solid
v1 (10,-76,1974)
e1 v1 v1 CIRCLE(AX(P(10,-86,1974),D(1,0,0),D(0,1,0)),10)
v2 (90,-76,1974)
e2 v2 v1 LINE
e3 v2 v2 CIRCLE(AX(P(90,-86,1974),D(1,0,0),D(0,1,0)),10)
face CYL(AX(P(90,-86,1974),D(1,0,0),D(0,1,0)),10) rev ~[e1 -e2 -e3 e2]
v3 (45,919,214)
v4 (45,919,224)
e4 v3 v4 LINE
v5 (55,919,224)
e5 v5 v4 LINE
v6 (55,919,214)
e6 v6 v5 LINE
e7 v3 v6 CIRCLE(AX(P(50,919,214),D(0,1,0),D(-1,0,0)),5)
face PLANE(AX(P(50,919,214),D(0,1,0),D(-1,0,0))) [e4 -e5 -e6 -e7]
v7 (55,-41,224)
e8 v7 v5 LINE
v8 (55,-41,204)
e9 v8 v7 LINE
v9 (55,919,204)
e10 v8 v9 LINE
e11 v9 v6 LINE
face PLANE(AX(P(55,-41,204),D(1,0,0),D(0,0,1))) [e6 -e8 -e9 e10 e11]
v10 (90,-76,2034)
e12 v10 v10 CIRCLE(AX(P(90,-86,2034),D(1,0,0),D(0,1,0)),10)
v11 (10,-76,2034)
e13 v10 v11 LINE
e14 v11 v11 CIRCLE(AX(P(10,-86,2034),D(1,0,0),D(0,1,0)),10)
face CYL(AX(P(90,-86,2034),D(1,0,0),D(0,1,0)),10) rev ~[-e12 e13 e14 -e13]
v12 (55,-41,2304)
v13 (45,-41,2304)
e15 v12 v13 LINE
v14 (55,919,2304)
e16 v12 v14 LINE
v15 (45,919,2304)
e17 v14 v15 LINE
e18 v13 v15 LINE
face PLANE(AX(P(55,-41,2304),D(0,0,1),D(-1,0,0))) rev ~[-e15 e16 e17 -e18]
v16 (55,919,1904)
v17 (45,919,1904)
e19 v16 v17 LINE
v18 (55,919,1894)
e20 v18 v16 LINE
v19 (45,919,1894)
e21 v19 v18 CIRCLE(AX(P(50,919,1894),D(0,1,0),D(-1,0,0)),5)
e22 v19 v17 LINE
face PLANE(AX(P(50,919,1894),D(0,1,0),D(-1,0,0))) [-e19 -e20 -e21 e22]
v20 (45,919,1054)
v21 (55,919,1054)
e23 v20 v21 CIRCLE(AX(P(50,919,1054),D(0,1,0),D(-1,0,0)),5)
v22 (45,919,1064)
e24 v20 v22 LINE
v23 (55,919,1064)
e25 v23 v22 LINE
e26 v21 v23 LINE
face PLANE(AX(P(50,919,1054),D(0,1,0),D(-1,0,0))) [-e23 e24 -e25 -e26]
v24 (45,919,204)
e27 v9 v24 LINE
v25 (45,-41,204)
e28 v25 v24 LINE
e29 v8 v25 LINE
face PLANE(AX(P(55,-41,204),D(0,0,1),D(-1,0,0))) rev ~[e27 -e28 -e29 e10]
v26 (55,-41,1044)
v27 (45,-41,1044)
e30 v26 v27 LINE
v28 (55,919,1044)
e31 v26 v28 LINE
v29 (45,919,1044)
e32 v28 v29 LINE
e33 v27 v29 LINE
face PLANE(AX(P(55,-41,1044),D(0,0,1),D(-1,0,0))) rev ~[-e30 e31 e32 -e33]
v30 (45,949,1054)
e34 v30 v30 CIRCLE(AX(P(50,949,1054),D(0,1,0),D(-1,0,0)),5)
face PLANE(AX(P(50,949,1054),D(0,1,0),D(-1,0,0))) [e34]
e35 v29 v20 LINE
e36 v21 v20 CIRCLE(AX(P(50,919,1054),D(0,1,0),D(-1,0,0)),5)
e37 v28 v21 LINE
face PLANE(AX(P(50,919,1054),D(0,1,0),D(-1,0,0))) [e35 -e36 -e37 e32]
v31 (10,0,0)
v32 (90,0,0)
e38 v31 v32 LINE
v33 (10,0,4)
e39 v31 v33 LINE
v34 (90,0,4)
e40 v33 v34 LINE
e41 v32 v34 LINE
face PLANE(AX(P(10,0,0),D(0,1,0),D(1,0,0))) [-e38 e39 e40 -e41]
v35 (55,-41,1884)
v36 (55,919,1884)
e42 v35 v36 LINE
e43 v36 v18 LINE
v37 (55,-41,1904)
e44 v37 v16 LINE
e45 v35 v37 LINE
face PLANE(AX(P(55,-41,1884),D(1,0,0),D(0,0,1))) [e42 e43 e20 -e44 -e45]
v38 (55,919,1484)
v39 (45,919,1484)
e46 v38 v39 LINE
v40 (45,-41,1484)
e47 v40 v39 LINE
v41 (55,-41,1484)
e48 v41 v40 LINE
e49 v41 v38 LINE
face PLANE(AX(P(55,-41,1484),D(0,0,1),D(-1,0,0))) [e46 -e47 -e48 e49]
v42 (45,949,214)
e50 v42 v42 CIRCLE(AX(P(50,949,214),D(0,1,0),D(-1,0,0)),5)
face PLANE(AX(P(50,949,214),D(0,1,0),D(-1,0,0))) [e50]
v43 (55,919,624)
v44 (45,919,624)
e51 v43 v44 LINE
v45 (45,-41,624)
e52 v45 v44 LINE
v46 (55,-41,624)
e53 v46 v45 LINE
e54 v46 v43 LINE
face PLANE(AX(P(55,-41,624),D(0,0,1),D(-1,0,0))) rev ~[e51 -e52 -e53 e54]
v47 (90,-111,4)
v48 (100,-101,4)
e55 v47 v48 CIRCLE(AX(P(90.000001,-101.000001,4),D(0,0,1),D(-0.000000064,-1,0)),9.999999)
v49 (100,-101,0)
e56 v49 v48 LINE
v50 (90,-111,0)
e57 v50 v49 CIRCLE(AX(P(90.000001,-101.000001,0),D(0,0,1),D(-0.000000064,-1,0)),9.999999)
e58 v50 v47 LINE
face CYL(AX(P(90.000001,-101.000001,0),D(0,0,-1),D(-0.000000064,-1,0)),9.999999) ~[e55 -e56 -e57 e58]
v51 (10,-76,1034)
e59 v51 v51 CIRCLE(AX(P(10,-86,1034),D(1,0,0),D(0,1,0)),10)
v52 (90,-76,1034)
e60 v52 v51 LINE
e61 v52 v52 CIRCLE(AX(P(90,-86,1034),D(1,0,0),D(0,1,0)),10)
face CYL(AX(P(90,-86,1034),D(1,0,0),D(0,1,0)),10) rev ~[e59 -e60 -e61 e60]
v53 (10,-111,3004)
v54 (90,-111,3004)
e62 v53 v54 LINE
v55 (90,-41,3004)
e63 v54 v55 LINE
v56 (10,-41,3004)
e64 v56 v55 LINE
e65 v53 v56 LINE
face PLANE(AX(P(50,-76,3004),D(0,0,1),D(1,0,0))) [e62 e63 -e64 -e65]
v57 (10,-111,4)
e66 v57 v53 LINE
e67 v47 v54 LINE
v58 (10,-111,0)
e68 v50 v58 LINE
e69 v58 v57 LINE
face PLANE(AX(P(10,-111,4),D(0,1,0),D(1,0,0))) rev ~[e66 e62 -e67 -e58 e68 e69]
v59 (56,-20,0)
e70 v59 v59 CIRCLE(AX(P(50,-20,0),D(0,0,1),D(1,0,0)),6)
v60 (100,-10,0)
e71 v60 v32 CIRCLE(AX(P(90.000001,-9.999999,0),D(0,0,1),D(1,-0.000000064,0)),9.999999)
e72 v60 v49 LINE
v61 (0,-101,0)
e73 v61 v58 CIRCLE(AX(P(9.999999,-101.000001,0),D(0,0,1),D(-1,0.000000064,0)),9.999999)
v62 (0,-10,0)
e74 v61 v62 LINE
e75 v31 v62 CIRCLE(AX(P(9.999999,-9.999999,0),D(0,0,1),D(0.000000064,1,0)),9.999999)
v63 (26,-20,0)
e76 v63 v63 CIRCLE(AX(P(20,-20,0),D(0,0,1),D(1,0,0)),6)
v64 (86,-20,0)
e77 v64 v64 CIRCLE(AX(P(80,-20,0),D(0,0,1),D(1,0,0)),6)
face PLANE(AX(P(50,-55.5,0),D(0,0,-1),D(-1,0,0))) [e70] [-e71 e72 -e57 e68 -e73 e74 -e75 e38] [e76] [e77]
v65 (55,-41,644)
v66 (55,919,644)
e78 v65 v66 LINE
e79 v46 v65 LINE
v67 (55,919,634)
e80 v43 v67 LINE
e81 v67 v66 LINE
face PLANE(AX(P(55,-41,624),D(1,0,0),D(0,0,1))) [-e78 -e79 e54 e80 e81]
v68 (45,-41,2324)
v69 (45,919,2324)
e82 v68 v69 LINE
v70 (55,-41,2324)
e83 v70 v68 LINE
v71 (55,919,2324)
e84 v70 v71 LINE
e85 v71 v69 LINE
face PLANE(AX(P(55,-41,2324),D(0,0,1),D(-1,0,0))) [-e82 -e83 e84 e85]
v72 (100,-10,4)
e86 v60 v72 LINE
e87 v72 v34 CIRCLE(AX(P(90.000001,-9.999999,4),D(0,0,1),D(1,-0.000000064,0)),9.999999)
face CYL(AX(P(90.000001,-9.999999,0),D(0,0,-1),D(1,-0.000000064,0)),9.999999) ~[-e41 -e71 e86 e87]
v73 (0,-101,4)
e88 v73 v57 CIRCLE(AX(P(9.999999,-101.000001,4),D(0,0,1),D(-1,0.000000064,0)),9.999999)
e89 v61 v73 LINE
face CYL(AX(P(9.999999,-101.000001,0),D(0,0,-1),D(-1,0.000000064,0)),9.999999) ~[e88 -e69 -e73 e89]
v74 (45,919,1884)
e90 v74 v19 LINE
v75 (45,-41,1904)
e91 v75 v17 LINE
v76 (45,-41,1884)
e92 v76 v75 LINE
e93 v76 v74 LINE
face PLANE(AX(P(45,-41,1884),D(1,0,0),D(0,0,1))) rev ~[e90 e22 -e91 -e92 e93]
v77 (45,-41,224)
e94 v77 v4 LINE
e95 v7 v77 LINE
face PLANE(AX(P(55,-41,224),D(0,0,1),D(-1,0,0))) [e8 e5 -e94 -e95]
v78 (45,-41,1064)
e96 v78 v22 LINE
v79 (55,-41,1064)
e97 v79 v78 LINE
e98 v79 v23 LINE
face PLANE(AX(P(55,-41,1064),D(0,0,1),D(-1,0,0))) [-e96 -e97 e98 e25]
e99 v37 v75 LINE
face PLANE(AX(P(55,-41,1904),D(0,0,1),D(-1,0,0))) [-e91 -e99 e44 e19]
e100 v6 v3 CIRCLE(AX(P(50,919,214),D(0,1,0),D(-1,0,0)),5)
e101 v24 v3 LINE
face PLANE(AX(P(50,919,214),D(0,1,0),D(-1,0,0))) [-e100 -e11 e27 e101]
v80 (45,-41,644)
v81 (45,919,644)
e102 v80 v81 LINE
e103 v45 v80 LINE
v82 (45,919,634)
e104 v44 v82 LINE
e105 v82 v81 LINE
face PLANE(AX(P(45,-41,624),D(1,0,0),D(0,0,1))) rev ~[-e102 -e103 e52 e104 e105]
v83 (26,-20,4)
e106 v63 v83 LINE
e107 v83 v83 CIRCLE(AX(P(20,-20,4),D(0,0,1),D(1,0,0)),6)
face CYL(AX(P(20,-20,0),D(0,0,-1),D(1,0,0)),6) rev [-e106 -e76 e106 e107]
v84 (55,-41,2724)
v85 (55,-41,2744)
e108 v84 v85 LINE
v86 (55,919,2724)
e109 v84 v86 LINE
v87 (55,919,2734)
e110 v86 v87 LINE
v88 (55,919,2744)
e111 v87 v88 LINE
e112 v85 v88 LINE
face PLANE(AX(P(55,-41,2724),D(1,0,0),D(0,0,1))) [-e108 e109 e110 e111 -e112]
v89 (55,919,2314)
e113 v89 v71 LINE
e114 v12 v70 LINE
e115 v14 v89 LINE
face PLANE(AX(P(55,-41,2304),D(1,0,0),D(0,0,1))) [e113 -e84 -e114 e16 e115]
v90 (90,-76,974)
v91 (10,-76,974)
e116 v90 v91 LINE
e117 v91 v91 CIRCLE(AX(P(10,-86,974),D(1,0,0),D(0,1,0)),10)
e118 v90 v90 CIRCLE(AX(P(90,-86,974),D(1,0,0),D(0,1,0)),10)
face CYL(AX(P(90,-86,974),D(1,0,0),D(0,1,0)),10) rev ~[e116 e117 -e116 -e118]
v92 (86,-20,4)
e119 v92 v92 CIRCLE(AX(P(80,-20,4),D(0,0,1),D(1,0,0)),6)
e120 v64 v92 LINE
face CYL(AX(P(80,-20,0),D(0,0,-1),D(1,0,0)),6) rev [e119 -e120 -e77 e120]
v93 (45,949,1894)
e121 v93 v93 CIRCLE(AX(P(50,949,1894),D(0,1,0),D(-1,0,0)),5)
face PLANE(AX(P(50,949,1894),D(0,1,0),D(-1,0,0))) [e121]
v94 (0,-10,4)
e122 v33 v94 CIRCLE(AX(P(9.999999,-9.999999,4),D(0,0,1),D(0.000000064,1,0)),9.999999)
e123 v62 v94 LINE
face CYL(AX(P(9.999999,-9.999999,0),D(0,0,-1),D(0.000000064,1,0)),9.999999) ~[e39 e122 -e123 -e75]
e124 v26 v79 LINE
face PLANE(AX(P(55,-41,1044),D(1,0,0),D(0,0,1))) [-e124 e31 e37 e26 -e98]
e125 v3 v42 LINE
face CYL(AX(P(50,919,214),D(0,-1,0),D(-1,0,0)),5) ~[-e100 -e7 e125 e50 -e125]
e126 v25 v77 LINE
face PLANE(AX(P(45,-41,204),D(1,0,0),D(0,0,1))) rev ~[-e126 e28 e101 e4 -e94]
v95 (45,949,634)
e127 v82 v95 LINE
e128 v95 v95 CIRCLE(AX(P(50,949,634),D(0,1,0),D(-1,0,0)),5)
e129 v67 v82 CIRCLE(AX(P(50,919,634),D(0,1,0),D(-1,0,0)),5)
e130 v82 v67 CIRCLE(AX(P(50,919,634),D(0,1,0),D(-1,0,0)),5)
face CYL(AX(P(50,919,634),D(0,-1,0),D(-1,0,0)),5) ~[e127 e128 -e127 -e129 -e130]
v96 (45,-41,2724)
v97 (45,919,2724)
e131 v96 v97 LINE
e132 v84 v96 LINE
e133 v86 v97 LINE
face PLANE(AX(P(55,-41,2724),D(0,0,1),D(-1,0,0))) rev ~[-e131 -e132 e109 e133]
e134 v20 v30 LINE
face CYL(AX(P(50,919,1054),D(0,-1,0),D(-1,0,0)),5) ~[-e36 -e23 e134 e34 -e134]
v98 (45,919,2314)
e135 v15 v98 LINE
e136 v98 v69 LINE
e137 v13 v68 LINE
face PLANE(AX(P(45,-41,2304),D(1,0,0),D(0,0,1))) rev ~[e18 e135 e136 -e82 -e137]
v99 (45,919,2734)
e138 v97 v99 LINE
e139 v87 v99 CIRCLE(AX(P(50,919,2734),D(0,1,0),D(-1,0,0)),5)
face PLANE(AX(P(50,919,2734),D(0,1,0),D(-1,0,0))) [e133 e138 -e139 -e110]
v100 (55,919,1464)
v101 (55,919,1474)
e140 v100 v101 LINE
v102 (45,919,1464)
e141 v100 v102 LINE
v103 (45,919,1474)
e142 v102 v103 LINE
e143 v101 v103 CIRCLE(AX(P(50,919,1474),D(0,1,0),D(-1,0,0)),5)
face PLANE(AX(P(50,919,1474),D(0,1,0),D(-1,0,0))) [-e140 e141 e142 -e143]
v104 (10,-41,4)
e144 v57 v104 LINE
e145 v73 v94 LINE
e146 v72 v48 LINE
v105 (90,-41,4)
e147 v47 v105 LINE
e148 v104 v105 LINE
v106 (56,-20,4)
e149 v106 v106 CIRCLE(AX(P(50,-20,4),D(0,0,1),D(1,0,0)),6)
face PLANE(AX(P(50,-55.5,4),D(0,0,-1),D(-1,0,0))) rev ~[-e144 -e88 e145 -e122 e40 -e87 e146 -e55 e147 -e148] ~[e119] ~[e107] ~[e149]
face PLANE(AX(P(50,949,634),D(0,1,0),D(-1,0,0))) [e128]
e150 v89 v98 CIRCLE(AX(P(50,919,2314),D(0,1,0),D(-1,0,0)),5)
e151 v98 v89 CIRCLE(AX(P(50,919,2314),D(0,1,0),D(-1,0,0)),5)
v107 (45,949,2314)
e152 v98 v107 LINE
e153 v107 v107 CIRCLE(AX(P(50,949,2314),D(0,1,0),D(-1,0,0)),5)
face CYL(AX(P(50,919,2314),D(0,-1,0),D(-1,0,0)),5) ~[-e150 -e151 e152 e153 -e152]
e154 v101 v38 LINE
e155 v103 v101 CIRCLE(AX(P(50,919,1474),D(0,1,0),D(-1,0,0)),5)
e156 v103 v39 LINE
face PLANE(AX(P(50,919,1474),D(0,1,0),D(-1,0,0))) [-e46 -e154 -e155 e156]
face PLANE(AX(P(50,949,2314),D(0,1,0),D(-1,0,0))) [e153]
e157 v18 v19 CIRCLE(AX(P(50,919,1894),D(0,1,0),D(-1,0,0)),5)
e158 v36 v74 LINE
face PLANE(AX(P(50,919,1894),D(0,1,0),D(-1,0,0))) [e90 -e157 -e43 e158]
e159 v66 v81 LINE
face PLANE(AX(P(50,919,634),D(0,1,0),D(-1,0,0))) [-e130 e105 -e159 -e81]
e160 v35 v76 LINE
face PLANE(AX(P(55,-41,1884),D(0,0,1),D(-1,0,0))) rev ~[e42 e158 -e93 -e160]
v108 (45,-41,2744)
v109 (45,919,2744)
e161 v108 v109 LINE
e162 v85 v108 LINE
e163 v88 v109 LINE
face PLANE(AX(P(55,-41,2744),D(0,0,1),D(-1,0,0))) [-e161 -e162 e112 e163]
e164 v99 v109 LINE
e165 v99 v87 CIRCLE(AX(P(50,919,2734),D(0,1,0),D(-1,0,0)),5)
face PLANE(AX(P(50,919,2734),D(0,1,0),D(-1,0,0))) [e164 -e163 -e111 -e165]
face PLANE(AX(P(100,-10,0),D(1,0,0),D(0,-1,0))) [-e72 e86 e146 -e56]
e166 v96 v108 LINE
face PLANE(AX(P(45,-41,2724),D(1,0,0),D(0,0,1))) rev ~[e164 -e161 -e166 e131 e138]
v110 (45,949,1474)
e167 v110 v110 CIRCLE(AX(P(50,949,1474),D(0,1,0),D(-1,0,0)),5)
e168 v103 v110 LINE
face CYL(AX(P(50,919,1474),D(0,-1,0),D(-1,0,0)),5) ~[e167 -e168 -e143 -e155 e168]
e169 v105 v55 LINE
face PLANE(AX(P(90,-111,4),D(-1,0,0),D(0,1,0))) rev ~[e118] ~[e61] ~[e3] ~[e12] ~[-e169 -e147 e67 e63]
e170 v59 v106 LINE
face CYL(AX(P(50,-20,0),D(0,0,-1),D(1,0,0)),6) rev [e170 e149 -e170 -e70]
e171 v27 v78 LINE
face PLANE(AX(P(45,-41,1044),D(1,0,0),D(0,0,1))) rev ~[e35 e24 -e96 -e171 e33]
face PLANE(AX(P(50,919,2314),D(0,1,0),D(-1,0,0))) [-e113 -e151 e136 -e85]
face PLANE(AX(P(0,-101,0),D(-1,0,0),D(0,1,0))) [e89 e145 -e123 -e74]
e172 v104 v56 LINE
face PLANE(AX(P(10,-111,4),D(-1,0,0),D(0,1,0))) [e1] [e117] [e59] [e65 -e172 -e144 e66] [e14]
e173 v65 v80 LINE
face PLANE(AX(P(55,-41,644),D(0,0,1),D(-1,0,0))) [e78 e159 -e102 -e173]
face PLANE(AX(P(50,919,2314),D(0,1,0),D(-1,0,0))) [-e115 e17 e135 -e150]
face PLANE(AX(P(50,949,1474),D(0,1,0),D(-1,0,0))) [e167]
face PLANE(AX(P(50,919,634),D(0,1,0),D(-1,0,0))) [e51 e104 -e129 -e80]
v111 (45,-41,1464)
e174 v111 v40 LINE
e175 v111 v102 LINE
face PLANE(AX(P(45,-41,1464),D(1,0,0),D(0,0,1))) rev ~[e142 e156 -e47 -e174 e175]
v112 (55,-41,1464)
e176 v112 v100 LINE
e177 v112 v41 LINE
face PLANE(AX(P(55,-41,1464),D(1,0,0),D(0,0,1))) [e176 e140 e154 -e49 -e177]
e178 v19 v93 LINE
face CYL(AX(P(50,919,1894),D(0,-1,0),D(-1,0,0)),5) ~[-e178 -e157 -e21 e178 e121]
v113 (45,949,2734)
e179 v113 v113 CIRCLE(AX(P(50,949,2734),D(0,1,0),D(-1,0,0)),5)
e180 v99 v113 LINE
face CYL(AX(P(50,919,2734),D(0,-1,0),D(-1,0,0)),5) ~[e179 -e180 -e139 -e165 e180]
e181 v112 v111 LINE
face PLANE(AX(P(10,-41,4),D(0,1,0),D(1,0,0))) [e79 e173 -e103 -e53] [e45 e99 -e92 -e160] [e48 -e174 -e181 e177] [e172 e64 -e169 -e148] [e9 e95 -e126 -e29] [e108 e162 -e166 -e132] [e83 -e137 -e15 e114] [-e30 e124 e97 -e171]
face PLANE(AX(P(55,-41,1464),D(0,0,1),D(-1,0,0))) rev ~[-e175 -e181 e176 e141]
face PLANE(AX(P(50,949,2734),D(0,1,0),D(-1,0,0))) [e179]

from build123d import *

# Parameters (mm, degrees)
SKETCH_R     = 6
PAD_DEPTH    = 4
SKETCH001_W  = 80
SKETCH001_H  = 70
PAD001_DEPTH = 3000
SKETCH002_R  = 10
POCKET_DEPTH = 80
SKETCH004_W  = 10
SKETCH004_H  = 20
PAD002_DEPTH = 960
SKETCH005_R  = 5
PAD003_DEPTH = 30


with BuildPart() as part:
    # Sketch → Pad (new body)
    with BuildSketch(Plane.XY):
        with BuildLine():
            Line((10, 0), (90, 0))
            ThreePointArc((100, -10), (97.071068, -2.928932), (90, 0))
            Line((100, -10), (100, -101))
            ThreePointArc((90, -111), (97.071068, -108.071068), (100, -101))
            Line((90, -111), (10, -111))
            ThreePointArc((0, -101), (2.928932, -108.071068), (10, -111))
            Line((0, -101), (0, -10))
            ThreePointArc((10, 0), (2.928932, -2.928932), (0, -10))
        make_face()
        with Locations((20, -20)):
            Circle(SKETCH_R, mode=Mode.SUBTRACT)
        with Locations((50, -20)):
            Circle(SKETCH_R, mode=Mode.SUBTRACT)
        with Locations((80, -20)):
            Circle(SKETCH_R, mode=Mode.SUBTRACT)
    extrude(amount=PAD_DEPTH)

    # Sketch001 (on Face13 of Pad) → Pad001 (join)
    with BuildSketch(Plane.XY.offset(4)):
        with Locations((50, -76)):
            Rectangle(SKETCH001_W, SKETCH001_H)
    extrude(amount=PAD001_DEPTH)

    # Sketch002 (on Face14 of Pad001) → Pocket (cut)
    with BuildSketch(Plane.YZ.offset(90)):
        with Locations((-86, 1034)):
            Circle(SKETCH002_R)
        with Locations((-86, 974)):
            Circle(SKETCH002_R)
        with Locations((-86, 2034)):
            Circle(SKETCH002_R)
        with Locations((-86, 1974)):
            Circle(SKETCH002_R)
    extrude(amount=-POCKET_DEPTH, mode=Mode.SUBTRACT)

    # Sketch004 (on Face15 of Pocket) → Pad002 (join)
    with BuildSketch(Plane(origin=(0, -41, 0), x_dir=(-1, 0, 0), z_dir=(0, 1, 0))):
        with Locations((-50, 214)):
            Rectangle(SKETCH004_W, SKETCH004_H)
        with Locations((-50, 634)):
            Rectangle(SKETCH004_W, SKETCH004_H)
        with Locations((-50, 1054)):
            Rectangle(SKETCH004_W, SKETCH004_H)
        with Locations((-50, 1474)):
            Rectangle(SKETCH004_W, SKETCH004_H)
        with Locations((-50, 1894)):
            Rectangle(SKETCH004_W, SKETCH004_H)
        with Locations((-50, 2314)):
            Rectangle(SKETCH004_W, SKETCH004_H)
        with Locations((-50, 2734)):
            Rectangle(SKETCH004_W, SKETCH004_H)
    extrude(amount=PAD002_DEPTH)

    # Sketch005 (on Face52 of Pad002) → Pad003 (join)
    with BuildSketch(Plane(origin=(0, 919, 0), x_dir=(-1, 0, 0), z_dir=(0, 1, 0))):
        with Locations((-50, 1474)):
            Circle(SKETCH005_R)
        with Locations((-50, 1054)):
            Circle(SKETCH005_R)
        with Locations((-50, 214)):
            Circle(SKETCH005_R)
        with Locations((-50, 634)):
            Circle(SKETCH005_R)
        with Locations((-50, 1894)):
            Circle(SKETCH005_R)
        with Locations((-50, 2314)):
            Circle(SKETCH005_R)
        with Locations((-50, 2734)):
            Circle(SKETCH005_R)
    extrude(amount=PAD003_DEPTH)


solid = part.part
